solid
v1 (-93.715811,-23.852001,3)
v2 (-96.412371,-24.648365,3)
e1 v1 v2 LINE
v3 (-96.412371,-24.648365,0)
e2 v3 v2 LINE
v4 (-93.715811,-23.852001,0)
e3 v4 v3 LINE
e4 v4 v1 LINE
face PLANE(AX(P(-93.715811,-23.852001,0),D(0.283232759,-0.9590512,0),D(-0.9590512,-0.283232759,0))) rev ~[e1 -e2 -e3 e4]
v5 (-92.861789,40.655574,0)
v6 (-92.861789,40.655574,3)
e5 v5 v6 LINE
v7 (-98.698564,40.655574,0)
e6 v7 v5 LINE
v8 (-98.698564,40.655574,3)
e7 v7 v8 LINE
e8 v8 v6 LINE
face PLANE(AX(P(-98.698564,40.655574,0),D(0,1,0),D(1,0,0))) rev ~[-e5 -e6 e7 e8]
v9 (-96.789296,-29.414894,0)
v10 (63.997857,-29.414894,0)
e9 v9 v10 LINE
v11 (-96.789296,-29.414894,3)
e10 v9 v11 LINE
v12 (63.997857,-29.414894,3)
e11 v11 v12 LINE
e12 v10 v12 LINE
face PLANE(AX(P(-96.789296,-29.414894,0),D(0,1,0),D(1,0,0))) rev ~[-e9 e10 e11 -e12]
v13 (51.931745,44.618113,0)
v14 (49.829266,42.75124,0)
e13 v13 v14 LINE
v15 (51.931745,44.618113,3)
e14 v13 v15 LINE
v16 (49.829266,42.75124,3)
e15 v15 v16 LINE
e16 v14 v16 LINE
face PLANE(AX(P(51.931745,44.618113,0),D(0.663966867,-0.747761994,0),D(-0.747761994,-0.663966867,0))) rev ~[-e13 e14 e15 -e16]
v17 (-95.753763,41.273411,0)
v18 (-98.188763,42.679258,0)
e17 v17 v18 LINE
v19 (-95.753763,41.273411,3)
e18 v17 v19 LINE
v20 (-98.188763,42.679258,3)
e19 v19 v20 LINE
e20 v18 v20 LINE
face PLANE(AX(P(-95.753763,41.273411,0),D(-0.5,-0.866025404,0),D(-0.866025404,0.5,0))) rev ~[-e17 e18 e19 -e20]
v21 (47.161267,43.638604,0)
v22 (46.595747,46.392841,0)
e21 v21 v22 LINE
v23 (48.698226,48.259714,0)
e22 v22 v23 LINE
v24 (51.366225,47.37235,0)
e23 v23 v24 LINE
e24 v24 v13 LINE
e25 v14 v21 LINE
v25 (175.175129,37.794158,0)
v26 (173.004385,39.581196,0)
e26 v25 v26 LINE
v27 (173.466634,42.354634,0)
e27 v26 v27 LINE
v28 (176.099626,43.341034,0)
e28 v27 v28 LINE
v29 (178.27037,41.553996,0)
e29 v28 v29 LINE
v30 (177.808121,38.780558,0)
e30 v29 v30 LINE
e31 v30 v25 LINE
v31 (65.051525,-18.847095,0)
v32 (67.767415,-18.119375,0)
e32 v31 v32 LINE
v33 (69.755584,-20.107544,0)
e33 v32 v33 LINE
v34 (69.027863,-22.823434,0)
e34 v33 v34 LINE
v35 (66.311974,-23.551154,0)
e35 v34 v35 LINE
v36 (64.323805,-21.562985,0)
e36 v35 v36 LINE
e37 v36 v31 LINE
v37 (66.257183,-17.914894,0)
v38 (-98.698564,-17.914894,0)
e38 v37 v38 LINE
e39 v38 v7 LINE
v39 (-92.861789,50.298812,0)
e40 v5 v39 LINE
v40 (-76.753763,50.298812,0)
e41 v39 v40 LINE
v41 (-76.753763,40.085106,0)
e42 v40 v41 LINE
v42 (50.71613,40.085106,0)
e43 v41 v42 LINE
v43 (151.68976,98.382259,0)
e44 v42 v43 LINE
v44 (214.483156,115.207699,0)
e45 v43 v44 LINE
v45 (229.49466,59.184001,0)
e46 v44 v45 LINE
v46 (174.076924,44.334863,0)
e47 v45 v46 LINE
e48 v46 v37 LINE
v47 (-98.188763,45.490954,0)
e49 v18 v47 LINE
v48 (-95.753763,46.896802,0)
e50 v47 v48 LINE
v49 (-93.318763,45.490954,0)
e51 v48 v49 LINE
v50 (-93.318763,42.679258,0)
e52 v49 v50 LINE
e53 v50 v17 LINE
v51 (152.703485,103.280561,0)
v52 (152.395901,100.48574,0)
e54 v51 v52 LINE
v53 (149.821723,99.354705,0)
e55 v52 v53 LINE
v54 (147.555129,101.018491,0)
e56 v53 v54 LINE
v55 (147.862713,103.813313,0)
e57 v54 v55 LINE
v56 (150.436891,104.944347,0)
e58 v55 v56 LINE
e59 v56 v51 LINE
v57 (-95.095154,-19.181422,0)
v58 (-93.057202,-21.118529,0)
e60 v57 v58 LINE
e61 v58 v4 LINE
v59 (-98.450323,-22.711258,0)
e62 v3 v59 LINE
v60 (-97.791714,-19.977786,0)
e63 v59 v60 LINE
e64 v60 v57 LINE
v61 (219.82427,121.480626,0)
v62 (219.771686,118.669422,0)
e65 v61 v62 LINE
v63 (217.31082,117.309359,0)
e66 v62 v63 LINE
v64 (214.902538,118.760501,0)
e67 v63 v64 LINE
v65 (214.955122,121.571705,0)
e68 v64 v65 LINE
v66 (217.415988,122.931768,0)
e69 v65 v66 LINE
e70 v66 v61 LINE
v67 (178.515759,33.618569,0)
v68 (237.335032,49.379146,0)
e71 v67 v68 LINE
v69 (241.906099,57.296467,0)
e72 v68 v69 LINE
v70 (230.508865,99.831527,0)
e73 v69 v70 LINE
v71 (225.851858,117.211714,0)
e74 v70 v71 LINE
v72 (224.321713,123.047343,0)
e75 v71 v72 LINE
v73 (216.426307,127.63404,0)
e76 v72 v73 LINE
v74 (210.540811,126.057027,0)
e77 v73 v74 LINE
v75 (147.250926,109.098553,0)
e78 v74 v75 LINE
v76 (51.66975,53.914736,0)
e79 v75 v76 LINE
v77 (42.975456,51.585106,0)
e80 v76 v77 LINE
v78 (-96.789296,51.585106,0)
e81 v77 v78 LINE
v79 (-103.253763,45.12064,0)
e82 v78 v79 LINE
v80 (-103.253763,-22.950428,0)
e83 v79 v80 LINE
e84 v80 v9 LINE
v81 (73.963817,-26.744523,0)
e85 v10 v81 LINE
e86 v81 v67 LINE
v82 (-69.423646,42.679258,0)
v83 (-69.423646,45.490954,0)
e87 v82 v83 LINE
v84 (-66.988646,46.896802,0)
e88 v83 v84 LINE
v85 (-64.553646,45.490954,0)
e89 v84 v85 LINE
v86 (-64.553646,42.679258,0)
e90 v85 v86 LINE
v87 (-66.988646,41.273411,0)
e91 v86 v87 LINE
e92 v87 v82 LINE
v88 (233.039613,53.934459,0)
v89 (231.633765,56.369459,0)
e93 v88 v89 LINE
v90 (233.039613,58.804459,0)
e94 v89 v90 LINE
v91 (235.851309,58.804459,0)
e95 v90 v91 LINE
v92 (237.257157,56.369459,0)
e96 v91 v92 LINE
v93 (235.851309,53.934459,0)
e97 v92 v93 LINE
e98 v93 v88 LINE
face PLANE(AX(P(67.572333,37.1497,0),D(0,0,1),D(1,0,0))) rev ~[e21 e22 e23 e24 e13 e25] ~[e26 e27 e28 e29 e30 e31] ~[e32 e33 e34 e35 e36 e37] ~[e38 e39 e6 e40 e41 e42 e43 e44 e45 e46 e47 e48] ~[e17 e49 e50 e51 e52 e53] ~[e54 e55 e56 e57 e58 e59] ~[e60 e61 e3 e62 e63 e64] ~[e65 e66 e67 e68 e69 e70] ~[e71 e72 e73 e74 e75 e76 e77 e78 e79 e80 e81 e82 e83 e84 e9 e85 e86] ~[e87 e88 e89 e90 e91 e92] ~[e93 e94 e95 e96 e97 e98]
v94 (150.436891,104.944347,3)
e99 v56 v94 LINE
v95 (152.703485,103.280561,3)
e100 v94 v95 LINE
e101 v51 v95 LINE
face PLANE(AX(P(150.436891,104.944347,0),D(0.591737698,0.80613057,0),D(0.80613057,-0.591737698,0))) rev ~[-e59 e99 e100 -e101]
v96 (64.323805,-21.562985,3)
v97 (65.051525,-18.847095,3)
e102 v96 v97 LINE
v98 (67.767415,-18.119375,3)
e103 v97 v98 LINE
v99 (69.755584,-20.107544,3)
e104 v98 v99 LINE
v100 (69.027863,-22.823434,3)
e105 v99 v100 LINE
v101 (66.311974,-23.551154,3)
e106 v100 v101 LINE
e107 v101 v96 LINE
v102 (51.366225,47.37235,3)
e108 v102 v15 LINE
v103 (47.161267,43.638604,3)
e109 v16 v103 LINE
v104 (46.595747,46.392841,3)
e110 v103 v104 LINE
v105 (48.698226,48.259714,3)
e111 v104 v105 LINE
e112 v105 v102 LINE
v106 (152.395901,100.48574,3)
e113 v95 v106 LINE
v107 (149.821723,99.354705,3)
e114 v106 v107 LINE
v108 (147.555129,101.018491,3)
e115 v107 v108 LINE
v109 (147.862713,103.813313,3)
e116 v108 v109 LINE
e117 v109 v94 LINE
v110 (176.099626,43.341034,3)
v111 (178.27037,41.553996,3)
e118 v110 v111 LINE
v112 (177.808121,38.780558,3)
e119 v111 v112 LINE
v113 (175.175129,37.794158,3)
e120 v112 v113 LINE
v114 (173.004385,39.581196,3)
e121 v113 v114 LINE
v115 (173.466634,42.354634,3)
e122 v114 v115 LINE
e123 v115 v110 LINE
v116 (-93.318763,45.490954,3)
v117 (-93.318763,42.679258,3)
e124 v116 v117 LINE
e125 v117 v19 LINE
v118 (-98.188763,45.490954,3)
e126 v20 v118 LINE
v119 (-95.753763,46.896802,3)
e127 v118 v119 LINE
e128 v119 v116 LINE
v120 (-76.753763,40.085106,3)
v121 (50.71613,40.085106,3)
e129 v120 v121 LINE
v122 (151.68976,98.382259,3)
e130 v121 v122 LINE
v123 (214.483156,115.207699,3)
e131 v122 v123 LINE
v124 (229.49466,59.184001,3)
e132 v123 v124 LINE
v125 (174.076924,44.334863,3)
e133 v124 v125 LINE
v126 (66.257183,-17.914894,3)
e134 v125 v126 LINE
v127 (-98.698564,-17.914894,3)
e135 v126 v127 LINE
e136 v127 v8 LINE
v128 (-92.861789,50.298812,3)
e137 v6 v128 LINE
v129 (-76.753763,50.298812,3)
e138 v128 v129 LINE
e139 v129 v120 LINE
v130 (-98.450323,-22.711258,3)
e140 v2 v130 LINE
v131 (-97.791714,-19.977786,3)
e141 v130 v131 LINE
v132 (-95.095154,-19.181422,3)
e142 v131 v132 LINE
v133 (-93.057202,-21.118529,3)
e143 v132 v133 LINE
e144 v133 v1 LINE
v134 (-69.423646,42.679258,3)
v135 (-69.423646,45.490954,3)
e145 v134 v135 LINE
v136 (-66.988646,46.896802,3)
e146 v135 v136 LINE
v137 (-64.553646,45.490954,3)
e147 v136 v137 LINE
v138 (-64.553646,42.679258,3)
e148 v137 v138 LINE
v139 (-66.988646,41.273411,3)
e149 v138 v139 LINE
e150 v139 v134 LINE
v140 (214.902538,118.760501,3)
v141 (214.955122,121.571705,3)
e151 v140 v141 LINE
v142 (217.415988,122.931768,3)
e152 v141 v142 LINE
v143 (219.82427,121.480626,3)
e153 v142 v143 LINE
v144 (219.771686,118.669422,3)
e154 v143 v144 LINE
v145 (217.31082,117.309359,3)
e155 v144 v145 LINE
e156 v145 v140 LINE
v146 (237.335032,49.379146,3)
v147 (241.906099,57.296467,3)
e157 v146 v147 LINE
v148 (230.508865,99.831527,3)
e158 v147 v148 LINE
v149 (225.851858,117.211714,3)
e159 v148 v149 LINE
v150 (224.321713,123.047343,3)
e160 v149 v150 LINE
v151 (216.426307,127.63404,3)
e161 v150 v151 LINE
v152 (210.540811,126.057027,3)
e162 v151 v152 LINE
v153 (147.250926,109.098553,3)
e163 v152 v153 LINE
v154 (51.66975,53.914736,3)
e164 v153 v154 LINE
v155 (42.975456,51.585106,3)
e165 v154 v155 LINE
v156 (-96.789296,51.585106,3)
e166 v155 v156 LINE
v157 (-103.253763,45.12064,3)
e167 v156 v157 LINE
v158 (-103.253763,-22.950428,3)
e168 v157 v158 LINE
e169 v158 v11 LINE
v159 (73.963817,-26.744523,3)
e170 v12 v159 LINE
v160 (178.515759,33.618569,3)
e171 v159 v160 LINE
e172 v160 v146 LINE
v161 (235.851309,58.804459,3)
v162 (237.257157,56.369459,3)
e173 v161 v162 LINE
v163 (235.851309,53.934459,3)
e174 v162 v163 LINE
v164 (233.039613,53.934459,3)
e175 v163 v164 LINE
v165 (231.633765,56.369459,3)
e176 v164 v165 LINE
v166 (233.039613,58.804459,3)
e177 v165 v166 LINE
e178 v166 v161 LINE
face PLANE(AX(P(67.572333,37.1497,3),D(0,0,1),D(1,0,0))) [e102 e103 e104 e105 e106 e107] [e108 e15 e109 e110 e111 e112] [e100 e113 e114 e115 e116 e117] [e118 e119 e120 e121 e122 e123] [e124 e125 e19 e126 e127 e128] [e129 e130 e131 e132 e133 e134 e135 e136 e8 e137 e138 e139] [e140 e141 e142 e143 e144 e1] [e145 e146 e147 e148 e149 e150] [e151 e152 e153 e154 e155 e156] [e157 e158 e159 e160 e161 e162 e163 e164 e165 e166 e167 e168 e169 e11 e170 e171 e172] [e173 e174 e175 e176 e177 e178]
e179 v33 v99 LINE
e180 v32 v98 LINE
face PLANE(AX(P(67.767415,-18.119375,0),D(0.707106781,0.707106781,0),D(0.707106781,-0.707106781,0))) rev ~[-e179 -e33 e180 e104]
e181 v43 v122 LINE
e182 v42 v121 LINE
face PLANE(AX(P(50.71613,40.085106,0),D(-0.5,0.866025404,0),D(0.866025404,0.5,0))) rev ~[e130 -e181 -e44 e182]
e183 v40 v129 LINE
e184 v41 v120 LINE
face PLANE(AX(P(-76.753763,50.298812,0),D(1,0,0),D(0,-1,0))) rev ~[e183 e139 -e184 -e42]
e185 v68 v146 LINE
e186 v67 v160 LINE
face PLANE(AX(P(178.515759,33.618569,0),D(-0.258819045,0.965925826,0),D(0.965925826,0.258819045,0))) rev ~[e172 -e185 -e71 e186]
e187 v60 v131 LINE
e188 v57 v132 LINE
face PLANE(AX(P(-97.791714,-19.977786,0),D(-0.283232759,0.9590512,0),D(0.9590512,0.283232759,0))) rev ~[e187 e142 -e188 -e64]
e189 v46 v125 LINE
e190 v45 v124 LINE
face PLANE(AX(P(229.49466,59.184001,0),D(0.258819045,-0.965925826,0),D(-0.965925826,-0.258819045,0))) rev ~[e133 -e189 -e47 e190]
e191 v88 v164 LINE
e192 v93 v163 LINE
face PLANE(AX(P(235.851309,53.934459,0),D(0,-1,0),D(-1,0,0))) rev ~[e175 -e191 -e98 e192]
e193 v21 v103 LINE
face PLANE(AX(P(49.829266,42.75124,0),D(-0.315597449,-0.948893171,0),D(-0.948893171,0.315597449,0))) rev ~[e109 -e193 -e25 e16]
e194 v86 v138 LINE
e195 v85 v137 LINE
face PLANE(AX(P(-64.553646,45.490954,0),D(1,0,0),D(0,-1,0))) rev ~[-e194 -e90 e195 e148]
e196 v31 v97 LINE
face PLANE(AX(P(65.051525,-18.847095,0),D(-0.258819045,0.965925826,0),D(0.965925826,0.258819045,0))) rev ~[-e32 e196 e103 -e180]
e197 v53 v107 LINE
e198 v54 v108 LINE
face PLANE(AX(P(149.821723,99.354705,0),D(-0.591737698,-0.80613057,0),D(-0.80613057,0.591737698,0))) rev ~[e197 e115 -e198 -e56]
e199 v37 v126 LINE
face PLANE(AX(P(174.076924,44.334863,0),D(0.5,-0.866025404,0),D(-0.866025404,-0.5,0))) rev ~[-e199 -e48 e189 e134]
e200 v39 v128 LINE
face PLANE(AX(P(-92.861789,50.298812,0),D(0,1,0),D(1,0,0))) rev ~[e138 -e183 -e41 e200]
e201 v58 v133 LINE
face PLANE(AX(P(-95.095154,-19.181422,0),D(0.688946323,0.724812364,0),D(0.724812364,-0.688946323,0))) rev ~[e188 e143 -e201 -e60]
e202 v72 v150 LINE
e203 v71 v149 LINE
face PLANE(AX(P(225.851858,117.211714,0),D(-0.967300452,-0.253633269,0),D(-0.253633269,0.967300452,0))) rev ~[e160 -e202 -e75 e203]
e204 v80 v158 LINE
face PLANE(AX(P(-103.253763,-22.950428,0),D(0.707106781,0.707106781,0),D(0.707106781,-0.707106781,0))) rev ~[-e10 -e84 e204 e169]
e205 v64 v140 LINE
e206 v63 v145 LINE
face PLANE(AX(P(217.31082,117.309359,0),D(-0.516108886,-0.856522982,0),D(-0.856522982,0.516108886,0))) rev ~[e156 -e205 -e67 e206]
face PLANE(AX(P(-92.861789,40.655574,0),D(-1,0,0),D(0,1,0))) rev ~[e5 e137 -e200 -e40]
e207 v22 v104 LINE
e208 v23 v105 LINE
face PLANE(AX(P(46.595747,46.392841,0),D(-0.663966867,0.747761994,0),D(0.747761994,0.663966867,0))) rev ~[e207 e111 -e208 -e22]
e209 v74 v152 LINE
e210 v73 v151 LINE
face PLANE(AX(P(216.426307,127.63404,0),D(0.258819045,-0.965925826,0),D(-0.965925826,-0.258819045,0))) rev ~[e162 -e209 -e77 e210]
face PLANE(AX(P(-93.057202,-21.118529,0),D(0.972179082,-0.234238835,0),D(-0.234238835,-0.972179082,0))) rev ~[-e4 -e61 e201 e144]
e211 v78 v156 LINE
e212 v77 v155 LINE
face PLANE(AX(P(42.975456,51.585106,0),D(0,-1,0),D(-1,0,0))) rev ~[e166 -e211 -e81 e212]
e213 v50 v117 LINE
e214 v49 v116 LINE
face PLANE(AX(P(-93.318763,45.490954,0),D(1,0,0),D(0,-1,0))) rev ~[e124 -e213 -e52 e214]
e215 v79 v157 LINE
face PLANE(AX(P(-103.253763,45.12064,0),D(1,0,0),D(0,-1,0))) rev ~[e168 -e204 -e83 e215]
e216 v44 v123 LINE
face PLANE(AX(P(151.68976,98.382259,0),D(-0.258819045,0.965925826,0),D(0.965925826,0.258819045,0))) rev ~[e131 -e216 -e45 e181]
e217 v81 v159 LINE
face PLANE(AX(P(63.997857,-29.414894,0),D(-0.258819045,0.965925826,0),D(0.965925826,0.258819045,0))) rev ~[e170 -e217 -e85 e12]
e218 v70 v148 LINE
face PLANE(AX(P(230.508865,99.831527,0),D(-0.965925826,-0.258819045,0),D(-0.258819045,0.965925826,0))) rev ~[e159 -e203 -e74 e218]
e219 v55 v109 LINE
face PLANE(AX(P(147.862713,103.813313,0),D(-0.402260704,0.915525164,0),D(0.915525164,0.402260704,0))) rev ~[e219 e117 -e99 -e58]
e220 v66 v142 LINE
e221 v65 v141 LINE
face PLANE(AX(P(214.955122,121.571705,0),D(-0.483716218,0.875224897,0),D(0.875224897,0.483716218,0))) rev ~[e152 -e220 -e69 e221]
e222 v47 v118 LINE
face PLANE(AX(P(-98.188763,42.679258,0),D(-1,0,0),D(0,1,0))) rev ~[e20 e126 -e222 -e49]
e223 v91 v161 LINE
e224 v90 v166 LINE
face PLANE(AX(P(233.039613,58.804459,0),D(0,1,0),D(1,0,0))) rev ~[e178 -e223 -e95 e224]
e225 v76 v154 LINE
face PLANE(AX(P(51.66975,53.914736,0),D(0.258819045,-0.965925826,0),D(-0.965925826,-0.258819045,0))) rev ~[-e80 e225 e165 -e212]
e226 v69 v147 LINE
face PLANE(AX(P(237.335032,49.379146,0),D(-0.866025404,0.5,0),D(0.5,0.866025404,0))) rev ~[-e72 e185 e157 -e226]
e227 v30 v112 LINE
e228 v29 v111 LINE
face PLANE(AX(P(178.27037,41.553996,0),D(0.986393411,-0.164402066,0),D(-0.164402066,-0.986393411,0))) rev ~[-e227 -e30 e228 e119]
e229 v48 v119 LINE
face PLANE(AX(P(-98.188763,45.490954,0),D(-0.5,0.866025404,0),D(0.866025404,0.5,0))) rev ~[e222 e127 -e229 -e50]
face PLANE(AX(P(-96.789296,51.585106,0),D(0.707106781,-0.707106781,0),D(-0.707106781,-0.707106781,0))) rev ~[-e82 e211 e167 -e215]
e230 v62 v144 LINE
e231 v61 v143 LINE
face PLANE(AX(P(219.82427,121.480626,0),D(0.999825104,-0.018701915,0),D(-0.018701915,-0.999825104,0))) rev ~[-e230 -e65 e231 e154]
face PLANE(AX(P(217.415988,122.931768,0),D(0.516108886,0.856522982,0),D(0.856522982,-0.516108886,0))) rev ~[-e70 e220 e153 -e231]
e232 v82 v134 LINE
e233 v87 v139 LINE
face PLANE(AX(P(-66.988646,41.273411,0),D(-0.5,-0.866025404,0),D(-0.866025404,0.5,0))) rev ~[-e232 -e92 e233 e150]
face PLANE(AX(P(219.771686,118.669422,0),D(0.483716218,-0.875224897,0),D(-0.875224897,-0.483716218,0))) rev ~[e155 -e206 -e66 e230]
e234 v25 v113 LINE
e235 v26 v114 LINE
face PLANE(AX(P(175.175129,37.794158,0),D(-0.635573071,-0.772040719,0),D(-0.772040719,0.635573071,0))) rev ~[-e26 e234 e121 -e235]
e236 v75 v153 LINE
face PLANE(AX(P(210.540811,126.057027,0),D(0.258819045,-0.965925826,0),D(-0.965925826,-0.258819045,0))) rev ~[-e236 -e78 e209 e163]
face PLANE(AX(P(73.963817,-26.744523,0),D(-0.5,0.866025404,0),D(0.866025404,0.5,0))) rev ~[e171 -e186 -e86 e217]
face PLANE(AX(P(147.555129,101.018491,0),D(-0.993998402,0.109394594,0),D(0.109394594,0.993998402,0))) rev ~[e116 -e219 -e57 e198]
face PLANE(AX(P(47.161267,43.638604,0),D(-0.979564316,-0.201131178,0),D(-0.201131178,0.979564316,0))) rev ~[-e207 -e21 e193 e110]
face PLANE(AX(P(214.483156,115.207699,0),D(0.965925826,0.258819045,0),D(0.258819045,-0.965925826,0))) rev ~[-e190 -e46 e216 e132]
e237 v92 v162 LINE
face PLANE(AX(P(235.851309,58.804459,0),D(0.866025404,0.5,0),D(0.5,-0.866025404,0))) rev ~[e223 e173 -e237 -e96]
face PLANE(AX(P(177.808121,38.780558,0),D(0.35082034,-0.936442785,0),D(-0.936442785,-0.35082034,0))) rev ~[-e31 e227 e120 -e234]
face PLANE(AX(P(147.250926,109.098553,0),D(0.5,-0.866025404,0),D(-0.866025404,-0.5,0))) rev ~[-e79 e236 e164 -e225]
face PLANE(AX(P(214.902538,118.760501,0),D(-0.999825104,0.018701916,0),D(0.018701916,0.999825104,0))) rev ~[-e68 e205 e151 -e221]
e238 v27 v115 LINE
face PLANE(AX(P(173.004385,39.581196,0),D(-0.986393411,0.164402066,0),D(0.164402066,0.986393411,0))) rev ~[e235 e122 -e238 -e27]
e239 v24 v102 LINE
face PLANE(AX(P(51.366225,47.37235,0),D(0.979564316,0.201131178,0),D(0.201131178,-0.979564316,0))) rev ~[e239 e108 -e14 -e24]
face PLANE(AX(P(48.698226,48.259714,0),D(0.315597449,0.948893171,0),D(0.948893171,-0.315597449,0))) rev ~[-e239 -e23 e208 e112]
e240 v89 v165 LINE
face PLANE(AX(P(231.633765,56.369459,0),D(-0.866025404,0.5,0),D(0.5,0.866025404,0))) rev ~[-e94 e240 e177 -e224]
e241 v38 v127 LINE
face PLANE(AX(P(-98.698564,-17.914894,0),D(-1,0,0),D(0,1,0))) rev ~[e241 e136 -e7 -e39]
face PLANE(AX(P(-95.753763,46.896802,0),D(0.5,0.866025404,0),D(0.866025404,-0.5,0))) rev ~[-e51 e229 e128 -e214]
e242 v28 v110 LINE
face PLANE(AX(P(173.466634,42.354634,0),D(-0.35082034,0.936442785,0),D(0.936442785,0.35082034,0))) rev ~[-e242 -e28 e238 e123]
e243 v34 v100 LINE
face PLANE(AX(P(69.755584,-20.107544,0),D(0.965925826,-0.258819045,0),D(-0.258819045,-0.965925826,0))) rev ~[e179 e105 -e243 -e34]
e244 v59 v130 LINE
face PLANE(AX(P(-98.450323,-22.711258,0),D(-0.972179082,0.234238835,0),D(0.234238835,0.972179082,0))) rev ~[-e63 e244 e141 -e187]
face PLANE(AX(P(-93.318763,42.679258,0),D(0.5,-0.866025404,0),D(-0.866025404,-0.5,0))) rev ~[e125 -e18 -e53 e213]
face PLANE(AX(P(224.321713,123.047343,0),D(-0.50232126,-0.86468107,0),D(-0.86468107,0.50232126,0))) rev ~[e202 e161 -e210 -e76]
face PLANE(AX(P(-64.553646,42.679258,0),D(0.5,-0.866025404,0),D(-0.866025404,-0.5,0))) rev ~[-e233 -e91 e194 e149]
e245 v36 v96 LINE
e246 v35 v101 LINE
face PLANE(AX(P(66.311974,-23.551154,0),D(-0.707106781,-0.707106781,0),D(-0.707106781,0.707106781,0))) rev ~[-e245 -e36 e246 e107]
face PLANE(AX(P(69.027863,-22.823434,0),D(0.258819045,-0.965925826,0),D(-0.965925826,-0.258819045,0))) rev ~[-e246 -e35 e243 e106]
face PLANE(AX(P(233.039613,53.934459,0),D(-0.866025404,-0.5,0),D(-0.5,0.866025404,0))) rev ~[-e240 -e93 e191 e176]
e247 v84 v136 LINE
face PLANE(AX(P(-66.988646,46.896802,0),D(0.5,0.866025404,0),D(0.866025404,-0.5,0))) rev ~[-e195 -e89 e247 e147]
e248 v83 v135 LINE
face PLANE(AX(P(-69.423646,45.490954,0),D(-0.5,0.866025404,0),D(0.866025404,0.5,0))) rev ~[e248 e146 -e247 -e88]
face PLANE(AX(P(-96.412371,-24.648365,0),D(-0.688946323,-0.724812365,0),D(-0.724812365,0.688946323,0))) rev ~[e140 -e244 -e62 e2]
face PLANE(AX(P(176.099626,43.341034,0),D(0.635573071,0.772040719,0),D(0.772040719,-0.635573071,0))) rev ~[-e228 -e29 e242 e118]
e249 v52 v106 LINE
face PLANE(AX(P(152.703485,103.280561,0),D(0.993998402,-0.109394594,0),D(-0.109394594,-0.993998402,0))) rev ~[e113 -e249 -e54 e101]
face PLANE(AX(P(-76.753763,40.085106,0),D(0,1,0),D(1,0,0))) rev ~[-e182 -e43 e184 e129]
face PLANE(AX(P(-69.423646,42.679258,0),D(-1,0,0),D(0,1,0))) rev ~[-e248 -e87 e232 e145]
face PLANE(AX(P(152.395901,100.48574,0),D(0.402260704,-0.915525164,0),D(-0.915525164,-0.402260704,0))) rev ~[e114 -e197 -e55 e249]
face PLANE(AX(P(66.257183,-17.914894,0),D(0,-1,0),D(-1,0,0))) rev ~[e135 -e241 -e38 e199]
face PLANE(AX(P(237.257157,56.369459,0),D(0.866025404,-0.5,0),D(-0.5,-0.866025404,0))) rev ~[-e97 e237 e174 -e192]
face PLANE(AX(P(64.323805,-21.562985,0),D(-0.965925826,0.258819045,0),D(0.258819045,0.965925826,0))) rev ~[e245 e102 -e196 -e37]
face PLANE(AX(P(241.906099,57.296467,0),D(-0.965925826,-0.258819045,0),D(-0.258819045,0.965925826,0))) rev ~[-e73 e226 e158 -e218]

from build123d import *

# Parameters (mm, degrees)
BOSS_EXTRU_1_DEPTH = 3


with BuildPart() as part:
    # Esquisse1 → Boss.-Extru.1 (new body)
    with BuildSketch(Plane.XY):
        Polygon((-75.988646329, 51.585106383), (-76.753762562, 51.585106383), (-92.861789188, 51.585106383), (-94.860830925, 51.585106383), (-96.789296468, 51.585106383), (-103.253762562, 45.120640289), (-103.253762562, 35.79522772), (-103.253762562, -22.950427523), (-96.789296468, -29.414893617), (63.997857106, -29.414893617), (73.963816863, -26.744522748), (178.515758799, 33.618569072), (237.335031683, 49.379145741), (241.906099495, 57.296467436), (230.508864659, 99.83152691), (225.851857518, 117.211714172), (224.321712805, 123.047343228), (216.426306891, 127.634040432), (210.540810955, 126.057026548), (147.250925797, 109.098552931), (51.669750275, 53.914735514), (42.975455994, 51.585106383), align=None)
        Polygon((-95.09515421, -19.181421764), (-93.057202321, -21.118529255), (-93.715810673, -23.852001108), (-96.412370914, -24.64836547), (-98.450322803, -22.71125798), (-97.791714451, -19.977786126), align=None, mode=Mode.SUBTRACT)
        Polygon((67.767414571, -18.119374886), (69.755583746, -20.107544061), (69.027863321, -22.82343366), (66.311973721, -23.551154085), (64.323804547, -21.56298491), (65.051524972, -18.847095311), align=None, mode=Mode.SUBTRACT)
        Polygon((-93.318762562, 45.490954288), (-93.318762562, 42.679258478), (-95.753762562, 41.273410572), (-98.188762562, 42.679258478), (-98.188762562, 45.490954288), (-95.753762562, 46.896802194), align=None, mode=Mode.SUBTRACT)
        Polygon((-66.988646329, 46.896802194), (-64.553646329, 45.490954288), (-64.553646329, 42.679258478), (-66.988646329, 41.273410572), (-69.423646329, 42.679258478), (-69.423646329, 45.490954288), align=None, mode=Mode.SUBTRACT)
        Polygon((51.366225237, 47.372350111), (51.931744927, 44.618113227), (49.829265662, 42.751240367), (47.161266708, 43.638604392), (46.595747018, 46.392841276), (48.698226283, 48.259714136), align=None, mode=Mode.SUBTRACT)
        Polygon((-76.753762562, 40.085106383), (2.011353671, 40.085106383), (50.71612997, 40.085106383), (151.689760112, 98.382258927), (214.4831558, 115.207698591), (229.494660416, 59.184000666), (174.076924484, 44.334863077), (66.257183131, -17.914893617), (-98.698564415, -17.914893617), (-98.698564415, 40.655573641), (-94.860830925, 40.655573641), (-92.861789188, 40.655573641), (-92.861789188, 48.636078378), (-92.861789188, 50.298812036), (-76.753762562, 50.298812036), (-76.753762562, 49.585106383), (-76.753762562, 48.636078378), align=None, mode=Mode.SUBTRACT)
        Polygon((176.099626255, 43.341034088), (178.27036991, 41.553995947), (177.808121311, 38.780557726), (175.175129056, 37.794157645), (173.004385401, 39.581195786), (173.466634, 42.354634007), align=None, mode=Mode.SUBTRACT)
        Polygon((235.851309069, 58.804459007), (237.257156975, 56.369459007), (235.851309069, 53.934459007), (233.039613258, 53.934459007), (231.633765353, 56.369459007), (233.039613258, 58.804459007), align=None, mode=Mode.SUBTRACT)
        Polygon((150.436891261, 104.94434728), (152.703485209, 103.280560873), (152.395900888, 100.48573973), (149.821722619, 99.354704995), (147.555128671, 101.018491402), (147.862712992, 103.813312544), align=None, mode=Mode.SUBTRACT)
        Polygon((219.824270363, 121.480626406), (219.771686266, 118.66942235), (217.310820089, 117.309359486), (214.90253801, 118.760500678), (214.955122108, 121.571704735), (217.415988284, 122.931767598), align=None, mode=Mode.SUBTRACT)
    extrude(amount=BOSS_EXTRU_1_DEPTH)


solid = part.part
